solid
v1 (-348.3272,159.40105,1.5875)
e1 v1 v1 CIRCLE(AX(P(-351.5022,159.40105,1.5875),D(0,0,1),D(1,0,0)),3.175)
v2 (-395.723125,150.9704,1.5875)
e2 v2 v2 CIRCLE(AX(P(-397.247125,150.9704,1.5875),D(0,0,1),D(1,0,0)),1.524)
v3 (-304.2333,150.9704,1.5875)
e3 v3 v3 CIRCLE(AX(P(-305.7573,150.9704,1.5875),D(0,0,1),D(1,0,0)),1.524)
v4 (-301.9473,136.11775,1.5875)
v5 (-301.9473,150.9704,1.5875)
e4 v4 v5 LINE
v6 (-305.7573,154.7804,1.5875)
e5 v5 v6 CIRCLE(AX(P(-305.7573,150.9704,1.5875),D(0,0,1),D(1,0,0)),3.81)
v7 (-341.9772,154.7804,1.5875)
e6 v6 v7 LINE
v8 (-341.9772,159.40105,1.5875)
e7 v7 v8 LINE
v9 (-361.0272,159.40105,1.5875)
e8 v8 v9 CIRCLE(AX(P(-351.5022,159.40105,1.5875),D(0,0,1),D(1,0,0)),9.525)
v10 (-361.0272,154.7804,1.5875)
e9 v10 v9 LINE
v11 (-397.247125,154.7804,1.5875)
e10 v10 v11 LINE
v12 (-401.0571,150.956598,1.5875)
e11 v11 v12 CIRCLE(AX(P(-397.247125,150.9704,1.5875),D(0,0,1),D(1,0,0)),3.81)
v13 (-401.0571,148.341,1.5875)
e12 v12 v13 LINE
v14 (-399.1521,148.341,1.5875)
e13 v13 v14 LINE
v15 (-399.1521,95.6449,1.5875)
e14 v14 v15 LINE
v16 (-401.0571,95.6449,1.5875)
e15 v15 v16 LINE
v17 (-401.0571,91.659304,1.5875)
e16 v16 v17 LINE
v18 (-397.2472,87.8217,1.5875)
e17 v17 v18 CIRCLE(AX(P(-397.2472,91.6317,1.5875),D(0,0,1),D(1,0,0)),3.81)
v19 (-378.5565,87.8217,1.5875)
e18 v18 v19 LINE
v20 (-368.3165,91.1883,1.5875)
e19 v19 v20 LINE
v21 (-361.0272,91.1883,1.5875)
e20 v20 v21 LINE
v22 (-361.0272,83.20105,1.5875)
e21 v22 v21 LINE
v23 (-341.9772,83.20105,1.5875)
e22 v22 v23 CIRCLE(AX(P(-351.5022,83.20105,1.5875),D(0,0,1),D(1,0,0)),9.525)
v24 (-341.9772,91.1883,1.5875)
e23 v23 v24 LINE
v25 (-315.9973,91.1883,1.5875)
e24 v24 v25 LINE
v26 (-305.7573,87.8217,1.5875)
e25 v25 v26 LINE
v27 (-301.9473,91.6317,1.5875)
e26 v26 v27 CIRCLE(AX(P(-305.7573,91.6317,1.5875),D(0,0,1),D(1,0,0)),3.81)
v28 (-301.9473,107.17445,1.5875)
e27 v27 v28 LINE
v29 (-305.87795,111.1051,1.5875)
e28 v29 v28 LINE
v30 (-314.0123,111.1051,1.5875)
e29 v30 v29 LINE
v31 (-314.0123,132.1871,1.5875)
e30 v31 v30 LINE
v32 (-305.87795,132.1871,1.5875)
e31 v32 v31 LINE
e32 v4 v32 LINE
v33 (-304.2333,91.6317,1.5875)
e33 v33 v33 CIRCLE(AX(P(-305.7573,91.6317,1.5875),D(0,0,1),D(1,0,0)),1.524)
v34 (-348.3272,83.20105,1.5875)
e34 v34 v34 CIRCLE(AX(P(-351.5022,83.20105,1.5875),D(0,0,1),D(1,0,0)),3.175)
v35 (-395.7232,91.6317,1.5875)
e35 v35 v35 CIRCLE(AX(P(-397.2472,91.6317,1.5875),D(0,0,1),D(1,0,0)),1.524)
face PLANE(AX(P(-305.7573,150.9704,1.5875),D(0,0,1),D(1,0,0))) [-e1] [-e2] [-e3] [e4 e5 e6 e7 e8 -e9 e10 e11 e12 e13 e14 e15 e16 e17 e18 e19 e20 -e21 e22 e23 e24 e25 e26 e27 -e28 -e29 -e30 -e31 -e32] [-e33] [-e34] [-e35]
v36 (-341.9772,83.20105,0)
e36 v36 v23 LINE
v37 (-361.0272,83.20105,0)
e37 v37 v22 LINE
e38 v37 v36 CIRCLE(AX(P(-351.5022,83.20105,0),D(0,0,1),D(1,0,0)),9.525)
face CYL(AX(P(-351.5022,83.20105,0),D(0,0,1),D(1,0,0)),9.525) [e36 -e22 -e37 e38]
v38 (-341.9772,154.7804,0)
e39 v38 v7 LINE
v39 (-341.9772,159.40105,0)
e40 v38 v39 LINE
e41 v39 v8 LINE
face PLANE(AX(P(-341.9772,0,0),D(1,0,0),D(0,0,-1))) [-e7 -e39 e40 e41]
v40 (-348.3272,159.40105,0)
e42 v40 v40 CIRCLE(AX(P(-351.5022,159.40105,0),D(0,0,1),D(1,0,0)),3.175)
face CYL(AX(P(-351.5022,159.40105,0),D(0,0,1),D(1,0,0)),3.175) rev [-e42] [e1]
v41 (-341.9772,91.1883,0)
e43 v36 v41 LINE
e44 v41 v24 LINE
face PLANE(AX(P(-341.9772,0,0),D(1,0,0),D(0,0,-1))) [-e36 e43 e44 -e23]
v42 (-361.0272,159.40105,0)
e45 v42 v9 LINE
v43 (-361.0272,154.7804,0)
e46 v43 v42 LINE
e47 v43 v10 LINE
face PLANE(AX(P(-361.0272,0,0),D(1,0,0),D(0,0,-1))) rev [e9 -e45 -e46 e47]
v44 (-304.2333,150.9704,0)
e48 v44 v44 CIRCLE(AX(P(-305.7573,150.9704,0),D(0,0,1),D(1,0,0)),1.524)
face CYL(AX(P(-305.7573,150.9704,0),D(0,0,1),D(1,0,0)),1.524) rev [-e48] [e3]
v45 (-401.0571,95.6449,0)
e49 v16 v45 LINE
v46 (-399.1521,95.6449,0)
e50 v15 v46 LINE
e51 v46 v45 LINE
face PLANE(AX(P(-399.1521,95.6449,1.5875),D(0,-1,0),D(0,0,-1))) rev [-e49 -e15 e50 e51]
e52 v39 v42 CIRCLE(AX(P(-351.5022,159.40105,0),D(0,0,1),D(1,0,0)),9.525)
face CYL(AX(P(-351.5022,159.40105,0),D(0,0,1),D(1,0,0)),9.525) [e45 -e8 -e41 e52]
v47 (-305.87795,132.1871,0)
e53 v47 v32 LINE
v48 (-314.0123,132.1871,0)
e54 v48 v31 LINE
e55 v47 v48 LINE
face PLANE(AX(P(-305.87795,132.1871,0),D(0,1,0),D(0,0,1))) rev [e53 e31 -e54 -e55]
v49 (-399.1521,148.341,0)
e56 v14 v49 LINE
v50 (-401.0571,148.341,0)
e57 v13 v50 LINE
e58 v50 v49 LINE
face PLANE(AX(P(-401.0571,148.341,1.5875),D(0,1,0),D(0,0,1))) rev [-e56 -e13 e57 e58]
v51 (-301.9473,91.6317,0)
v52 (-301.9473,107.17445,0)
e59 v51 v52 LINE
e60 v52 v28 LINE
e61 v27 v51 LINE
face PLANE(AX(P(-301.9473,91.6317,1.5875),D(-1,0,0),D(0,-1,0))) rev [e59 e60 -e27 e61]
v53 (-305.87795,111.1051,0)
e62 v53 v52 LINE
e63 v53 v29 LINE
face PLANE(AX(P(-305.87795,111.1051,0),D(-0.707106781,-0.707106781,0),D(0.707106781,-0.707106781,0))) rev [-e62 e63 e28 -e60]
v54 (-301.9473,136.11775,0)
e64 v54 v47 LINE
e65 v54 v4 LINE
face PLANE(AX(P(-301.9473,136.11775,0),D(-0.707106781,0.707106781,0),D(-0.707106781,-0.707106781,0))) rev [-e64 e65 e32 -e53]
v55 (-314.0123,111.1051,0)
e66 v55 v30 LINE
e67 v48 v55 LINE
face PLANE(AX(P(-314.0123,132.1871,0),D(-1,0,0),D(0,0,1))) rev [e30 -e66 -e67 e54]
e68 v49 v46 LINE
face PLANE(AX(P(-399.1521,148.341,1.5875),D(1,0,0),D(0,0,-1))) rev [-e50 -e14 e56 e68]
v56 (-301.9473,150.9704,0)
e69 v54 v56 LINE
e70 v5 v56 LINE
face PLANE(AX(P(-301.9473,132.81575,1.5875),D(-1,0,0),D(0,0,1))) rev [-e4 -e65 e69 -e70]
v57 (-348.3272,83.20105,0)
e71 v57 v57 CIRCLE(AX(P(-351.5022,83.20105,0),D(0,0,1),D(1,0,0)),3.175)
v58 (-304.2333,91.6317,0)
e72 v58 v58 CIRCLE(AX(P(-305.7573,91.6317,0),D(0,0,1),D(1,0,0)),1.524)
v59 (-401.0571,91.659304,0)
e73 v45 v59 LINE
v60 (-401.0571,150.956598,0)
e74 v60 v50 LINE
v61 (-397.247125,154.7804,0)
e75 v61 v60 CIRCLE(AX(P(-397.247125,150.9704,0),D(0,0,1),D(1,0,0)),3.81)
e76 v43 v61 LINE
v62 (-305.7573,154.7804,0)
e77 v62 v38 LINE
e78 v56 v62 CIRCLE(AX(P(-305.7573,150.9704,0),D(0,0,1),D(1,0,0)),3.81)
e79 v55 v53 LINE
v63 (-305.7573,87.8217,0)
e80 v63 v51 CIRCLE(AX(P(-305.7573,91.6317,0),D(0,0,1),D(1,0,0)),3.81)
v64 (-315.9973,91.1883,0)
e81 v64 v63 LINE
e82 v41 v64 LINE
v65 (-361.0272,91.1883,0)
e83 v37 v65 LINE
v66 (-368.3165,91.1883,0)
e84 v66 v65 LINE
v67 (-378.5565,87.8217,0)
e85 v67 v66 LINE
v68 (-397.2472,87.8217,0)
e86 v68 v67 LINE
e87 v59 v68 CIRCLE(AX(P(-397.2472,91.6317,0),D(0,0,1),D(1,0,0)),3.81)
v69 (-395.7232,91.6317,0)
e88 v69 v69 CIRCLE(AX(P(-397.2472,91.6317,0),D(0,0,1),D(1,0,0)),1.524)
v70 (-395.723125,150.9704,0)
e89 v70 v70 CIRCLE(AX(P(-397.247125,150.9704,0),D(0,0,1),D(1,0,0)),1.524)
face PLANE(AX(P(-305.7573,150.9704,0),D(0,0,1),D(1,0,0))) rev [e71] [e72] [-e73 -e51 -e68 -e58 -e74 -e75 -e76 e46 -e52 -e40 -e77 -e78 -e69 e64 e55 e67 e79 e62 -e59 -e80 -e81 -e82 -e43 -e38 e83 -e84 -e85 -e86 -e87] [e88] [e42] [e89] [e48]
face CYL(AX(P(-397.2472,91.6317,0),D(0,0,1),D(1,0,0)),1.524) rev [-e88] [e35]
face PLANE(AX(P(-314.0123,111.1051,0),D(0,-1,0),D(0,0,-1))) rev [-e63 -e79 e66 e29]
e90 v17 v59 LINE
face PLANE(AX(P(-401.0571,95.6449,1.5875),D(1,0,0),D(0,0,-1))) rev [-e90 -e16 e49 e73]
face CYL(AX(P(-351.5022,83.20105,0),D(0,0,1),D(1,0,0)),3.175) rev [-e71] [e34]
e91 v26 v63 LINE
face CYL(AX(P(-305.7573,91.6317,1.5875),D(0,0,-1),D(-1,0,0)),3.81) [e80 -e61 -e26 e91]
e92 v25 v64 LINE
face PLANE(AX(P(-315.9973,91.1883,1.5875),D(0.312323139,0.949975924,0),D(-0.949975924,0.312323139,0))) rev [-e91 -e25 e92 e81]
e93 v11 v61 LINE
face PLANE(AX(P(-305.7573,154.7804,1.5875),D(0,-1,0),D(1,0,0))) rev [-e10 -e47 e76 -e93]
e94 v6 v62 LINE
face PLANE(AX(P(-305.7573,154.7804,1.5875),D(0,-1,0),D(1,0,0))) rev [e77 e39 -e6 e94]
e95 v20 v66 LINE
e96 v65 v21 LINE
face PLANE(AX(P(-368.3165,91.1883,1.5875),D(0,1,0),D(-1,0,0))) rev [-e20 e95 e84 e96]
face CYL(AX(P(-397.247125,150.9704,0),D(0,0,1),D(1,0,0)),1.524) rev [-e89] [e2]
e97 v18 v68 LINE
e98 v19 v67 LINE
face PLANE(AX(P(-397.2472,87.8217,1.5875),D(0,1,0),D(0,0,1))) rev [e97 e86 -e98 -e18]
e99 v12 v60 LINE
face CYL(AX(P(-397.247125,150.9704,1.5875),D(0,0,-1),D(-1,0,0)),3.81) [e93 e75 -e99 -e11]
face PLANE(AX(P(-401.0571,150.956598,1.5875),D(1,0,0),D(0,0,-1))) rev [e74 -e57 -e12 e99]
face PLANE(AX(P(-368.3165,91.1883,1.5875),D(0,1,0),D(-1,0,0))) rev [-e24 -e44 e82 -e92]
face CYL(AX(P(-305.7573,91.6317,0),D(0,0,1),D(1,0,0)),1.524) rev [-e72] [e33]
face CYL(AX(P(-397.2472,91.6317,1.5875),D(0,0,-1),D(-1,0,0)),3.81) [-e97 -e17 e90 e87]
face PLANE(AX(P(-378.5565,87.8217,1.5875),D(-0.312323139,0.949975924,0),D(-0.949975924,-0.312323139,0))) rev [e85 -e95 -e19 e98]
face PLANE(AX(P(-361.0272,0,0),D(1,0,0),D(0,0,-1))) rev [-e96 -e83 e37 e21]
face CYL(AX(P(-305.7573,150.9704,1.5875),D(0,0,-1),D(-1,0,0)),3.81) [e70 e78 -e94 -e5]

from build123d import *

# Parameters (mm, degrees)
SKETCH1_R           = 1.355900406
BOSS_EXTRUDE1_DEPTH = 1.5875
SKETCH2_R           = 3.175
BOSS_EXTRUDE2_DEPTH = 1.5875
SKETCH3_R           = 1.524
CUT_EXTRUDE1_DEPTH  = 436.184338179
CUT_EXTRUDE2_DEPTH  = 436.184338179
SKETCH5_W           = 2.0955
SKETCH5_H           = 13.208
BOSS_EXTRUDE3_DEPTH = 1.5875


with BuildPart() as part:
    # Sketch1 → Boss-Extrude1 (new body)
    with BuildSketch(Plane.XY):
        with BuildLine():
            Line((-301.9473, 111.74645), (-305.87795, 115.6771))
            Line((-305.87795, 115.6771), (-316.1078, 115.6771))
            Line((-316.1078, 115.6771), (-316.1078, 128.8851))
            Line((-316.1078, 128.8851), (-305.87795, 128.8851))
            Line((-305.87795, 128.8851), (-301.9473, 132.81575))
            Line((-301.9473, 132.81575), (-301.9473, 150.9704))
            ThreePointArc((-301.9473, 150.9704), (-303.063223164, 153.664476836), (-305.7573, 154.7804))
            Line((-305.7573, 154.7804), (-397.247125, 154.7804))
            ThreePointArc((-397.247125, 154.7804), (-399.946077222, 153.659592612), (-401.0571, 150.956597849))
            Line((-401.0571, 150.956597849), (-401.0571, 148.341))
            Line((-401.0571, 148.341), (-399.1521, 148.341))
            Line((-399.1521, 148.341), (-399.1521, 95.6449))
            Line((-399.1521, 95.6449), (-401.0571, 95.6449))
            Line((-401.0571, 95.6449), (-401.0571, 91.659304166))
            ThreePointArc((-401.0571, 91.659304166), (-399.951018769, 88.947400452), (-397.2472, 87.8217))
            Line((-397.2472, 87.8217), (-378.5565, 87.8217))
            Line((-378.5565, 87.8217), (-368.3165, 91.1883))
            Line((-368.3165, 91.1883), (-315.9973, 91.1883))
            Line((-315.9973, 91.1883), (-305.7573, 87.8217))
            ThreePointArc((-305.7573, 87.8217), (-303.063223164, 88.937623164), (-301.9473, 91.6317))
            Line((-301.9473, 91.6317), (-301.9473, 111.74645))
        make_face()
        with Locations((-305.7573, 91.6317)):
            Circle(SKETCH1_R, mode=Mode.SUBTRACT)
        with Locations((-305.7573, 150.9704)):
            Circle(SKETCH1_R, mode=Mode.SUBTRACT)
        with Locations((-397.247125, 150.9704)):
            Circle(SKETCH1_R, mode=Mode.SUBTRACT)
        with Locations((-397.2472, 91.6317)):
            Circle(SKETCH1_R, mode=Mode.SUBTRACT)
    extrude(amount=BOSS_EXTRUDE1_DEPTH)

    # Sketch2 → Boss-Extrude2 (add)
    # profile 1 of 2: a face of its own
    with BuildSketch(Plane.XY.offset(1.5875)):
        with BuildLine():
            Line((-361.0272, 159.40105), (-361.0272, 154.7804))
            Line((-361.0272, 154.7804), (-341.9772, 154.7804))
            Line((-341.9772, 154.7804), (-341.9772, 159.40105))
            ThreePointArc((-341.9772, 159.40105), (-351.5022, 168.92605), (-361.0272, 159.40105))
        make_face()
        with Locations((-351.5022, 159.40105)):
            Circle(SKETCH2_R, mode=Mode.SUBTRACT)
    # profile 2 of 2: a face of its own
    with BuildSketch(Plane.XY.offset(1.5875)):
        with BuildLine():
            Line((-341.9772, 91.1883), (-361.0272, 91.1883))
            Line((-361.0272, 91.1883), (-361.0272, 83.20105))
            ThreePointArc((-361.0272, 83.20105), (-351.5022, 73.67605), (-341.9772, 83.20105))
            Line((-341.9772, 83.20105), (-341.9772, 91.1883))
        make_face()
        with Locations((-351.5022, 83.20105)):
            Circle(SKETCH2_R, mode=Mode.SUBTRACT)
    extrude(amount=-BOSS_EXTRUDE2_DEPTH)

    # Sketch3 → Cut-Extrude1 (cut, through all)
    with BuildSketch(Plane.XY.offset(1.5875)):
        with Locations((-397.247125, 150.9704)):
            Circle(SKETCH3_R)
        with Locations((-305.7573, 150.9704)):
            Circle(SKETCH3_R)
        with Locations((-305.7573, 91.6317)):
            Circle(SKETCH3_R)
        with Locations((-397.2472, 91.6317)):
            Circle(SKETCH3_R)
    extrude(amount=-CUT_EXTRUDE1_DEPTH, mode=Mode.SUBTRACT)

    # Sketch4 → Cut-Extrude2 (cut, through all)
    with BuildSketch(Plane.XY.offset(1.5875)):
        Polygon((-301.9473, 136.11775), (-305.87795, 132.1871), (-314.0123, 132.1871), (-314.0123, 111.1051), (-305.87795, 111.1051), (-301.9473, 107.17445), align=None)
    extrude(amount=-CUT_EXTRUDE2_DEPTH, mode=Mode.SUBTRACT)

    # Sketch5 → Boss-Extrude3 (add)
    with BuildSketch(Plane.XY.offset(1.5875)):
        with Locations((-315.06005, 122.2811)):
            Rectangle(SKETCH5_W, SKETCH5_H)
    extrude(amount=-BOSS_EXTRUDE3_DEPTH)


solid = part.part
